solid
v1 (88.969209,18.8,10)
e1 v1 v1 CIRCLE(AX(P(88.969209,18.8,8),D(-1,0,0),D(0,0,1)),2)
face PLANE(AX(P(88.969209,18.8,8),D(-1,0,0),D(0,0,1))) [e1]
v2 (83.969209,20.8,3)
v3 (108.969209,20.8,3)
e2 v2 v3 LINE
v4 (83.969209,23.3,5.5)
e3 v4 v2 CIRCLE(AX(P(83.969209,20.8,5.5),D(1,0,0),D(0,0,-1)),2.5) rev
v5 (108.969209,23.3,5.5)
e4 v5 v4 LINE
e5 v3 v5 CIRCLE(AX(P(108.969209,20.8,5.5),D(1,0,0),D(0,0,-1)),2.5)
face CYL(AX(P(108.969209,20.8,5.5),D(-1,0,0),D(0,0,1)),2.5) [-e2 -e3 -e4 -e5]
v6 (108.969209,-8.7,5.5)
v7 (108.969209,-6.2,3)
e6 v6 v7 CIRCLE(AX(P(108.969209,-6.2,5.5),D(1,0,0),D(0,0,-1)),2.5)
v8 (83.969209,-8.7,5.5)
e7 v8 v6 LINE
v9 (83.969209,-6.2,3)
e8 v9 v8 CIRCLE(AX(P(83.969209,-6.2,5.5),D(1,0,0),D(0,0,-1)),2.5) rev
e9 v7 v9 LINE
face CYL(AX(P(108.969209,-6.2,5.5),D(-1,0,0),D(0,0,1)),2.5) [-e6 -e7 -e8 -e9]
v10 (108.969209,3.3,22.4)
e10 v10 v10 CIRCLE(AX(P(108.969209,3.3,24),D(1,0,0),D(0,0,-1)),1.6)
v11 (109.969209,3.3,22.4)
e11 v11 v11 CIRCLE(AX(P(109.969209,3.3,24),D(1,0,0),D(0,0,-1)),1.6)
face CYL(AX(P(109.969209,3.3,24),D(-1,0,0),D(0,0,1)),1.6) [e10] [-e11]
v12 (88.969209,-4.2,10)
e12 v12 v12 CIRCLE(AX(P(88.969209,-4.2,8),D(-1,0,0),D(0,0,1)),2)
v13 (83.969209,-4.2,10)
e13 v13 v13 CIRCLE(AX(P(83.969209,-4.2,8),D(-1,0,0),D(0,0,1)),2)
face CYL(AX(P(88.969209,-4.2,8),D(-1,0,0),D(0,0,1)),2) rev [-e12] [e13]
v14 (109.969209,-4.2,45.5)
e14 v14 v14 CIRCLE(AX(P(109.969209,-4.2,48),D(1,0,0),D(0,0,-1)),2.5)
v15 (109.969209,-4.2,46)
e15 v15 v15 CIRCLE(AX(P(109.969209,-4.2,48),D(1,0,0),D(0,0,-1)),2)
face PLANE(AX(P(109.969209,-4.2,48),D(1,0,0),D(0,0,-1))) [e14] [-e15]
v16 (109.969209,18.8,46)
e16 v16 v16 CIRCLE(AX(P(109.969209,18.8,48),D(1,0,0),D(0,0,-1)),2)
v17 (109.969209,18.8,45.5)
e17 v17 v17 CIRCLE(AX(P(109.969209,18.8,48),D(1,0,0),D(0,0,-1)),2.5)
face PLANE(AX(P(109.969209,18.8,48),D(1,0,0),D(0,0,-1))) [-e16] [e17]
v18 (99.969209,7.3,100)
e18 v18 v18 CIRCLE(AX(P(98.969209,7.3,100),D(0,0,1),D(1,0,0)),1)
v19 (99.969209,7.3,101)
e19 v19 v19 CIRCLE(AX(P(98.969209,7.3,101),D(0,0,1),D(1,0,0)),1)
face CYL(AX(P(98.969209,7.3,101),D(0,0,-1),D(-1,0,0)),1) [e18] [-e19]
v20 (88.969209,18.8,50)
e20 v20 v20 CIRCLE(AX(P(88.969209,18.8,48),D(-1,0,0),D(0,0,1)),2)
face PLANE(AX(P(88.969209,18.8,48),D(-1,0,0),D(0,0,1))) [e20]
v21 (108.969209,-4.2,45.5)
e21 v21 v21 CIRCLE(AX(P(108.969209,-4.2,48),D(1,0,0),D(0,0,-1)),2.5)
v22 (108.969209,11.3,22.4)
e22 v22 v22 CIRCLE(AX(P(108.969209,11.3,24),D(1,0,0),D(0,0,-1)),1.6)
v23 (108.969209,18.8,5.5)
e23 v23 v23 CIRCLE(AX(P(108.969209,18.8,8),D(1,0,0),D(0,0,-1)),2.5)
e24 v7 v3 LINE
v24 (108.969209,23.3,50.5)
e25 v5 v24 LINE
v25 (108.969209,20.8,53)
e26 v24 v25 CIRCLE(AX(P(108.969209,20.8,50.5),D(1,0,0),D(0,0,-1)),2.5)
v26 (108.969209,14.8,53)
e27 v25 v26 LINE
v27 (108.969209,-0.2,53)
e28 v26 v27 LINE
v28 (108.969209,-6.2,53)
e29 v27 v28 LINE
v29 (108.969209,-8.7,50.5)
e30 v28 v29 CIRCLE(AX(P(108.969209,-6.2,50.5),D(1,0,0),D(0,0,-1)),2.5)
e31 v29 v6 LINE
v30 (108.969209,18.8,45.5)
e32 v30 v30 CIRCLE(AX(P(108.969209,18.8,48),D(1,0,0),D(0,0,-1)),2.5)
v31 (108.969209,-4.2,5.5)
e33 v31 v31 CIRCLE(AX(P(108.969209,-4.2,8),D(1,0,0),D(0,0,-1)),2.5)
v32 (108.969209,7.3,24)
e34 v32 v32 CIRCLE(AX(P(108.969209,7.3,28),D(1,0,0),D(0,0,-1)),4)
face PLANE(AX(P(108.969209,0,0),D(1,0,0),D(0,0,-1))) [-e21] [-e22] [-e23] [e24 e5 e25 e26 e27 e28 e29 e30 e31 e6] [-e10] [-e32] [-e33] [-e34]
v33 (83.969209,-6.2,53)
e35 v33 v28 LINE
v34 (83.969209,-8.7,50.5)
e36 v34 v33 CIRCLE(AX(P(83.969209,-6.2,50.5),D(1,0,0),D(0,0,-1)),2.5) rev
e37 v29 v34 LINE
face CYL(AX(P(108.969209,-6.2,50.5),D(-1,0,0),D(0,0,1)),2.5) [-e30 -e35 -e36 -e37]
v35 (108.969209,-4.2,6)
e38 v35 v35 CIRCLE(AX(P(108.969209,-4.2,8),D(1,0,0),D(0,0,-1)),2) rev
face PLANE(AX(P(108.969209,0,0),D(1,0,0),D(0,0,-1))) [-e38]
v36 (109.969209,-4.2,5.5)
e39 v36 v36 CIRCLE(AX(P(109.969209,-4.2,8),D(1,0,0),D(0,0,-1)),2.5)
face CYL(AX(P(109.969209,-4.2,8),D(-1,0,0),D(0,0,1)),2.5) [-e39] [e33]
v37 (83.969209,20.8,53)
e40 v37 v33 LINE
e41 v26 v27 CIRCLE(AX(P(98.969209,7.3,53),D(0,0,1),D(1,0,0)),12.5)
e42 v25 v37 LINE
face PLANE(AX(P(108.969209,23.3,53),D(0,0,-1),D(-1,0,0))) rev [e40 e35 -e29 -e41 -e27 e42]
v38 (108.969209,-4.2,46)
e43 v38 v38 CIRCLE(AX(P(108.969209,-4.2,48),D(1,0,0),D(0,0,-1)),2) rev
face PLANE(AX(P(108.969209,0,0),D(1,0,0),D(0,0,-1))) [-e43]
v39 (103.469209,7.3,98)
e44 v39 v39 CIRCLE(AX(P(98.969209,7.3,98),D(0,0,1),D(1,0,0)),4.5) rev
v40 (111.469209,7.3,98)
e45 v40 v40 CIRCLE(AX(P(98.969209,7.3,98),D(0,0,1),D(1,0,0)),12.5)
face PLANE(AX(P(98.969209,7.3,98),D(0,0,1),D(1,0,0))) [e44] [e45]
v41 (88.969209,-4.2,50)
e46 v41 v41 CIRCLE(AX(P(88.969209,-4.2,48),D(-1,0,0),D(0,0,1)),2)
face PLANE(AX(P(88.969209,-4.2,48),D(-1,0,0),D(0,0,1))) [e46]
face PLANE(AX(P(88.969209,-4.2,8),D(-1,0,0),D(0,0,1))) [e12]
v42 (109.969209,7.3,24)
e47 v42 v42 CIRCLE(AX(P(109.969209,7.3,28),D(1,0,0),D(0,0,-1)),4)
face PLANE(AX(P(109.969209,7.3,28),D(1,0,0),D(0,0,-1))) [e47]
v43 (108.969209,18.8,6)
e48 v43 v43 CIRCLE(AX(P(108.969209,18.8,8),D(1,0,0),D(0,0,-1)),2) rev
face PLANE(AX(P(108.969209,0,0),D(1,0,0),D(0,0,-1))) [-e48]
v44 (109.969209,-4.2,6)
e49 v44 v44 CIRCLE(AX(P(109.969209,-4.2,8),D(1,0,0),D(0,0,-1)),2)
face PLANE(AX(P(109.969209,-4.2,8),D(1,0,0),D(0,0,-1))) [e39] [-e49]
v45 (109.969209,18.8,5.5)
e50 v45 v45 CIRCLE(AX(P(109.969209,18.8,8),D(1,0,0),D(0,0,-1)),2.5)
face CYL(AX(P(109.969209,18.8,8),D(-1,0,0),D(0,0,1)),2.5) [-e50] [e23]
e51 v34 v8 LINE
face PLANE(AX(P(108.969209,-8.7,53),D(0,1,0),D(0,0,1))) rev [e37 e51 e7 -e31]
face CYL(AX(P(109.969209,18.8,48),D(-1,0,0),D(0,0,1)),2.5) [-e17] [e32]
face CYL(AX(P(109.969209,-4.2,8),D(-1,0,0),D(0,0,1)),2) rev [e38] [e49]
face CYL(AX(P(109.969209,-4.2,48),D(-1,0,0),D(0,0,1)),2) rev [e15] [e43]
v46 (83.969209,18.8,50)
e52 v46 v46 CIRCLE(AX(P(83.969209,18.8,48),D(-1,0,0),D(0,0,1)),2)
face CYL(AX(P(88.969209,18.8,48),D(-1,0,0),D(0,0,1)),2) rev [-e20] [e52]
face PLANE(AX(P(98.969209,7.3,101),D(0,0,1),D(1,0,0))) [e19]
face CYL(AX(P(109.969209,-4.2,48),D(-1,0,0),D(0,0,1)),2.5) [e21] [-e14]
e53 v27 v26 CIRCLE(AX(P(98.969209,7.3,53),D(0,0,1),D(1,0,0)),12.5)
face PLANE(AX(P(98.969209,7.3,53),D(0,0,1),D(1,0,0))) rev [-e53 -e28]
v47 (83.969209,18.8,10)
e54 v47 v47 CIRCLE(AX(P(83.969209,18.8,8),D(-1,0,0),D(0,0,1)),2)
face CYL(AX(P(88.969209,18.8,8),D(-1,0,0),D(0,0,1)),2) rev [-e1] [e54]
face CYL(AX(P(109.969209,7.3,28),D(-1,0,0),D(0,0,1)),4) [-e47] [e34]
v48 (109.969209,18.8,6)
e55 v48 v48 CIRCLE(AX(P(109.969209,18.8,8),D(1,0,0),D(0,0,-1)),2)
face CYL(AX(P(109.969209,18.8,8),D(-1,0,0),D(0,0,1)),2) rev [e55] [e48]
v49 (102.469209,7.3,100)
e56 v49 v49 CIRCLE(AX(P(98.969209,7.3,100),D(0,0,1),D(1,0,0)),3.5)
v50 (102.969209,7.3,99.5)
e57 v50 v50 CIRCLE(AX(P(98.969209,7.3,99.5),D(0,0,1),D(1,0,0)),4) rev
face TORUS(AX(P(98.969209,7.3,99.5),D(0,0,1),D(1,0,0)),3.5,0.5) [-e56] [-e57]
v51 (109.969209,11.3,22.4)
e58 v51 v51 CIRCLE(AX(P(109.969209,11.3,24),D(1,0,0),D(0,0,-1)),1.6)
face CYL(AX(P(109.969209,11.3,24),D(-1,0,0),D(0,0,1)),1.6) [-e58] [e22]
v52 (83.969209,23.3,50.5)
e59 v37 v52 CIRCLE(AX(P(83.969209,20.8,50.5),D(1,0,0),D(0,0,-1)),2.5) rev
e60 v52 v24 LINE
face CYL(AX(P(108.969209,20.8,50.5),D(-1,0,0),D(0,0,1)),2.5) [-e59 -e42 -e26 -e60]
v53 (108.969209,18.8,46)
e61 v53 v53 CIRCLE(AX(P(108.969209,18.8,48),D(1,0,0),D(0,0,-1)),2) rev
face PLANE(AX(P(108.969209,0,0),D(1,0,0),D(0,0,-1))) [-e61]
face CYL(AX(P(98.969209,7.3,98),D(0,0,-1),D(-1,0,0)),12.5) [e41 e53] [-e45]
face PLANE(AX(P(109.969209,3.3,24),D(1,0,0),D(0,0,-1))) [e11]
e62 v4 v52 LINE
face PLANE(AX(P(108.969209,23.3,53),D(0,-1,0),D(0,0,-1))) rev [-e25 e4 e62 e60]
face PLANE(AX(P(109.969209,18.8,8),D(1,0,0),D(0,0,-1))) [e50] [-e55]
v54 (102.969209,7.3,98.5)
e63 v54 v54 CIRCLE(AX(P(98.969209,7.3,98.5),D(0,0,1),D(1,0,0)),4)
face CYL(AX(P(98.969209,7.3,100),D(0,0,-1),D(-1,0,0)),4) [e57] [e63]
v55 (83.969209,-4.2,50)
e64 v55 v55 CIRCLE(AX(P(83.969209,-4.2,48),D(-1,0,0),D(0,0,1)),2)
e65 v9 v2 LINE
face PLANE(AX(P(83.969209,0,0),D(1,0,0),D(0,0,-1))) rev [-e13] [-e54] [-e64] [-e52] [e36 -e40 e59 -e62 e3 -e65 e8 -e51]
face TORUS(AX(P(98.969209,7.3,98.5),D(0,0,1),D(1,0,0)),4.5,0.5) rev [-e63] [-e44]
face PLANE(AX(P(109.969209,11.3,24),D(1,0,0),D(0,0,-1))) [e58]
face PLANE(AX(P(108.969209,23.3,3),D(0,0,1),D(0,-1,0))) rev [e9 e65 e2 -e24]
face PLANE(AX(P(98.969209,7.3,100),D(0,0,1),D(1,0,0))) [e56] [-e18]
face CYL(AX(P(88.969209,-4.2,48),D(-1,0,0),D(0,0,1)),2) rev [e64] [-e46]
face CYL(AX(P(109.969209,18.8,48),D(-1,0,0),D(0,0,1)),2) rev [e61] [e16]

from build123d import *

# Parameters (mm, degrees)
SKETCH4_W           = 50
SKETCH4_H           = 32
BOSS_EXTRUDE1_DEPTH = 25
SKETCH5_R           = 2
CUT_EXTRUDE1_DEPTH  = 5
SKETCH2_R           = 2.5
SKETCH2_R_2         = 2
BOSS_EXTRUDE2_DEPTH = 1
SKETCH7_R           = 4
SKETCH7_R_2         = 1.6
BOSS_EXTRUDE3_DEPTH = 1
FILLET1_R           = 2.5
SKETCH8_R           = 12.5
BOSS_EXTRUDE4_DEPTH = 45
SKETCH10_R          = 4
BOSS_EXTRUDE5_DEPTH = 2
SKETCH11_R          = 1
BOSS_EXTRUDE6_DEPTH = 1
FILLET2_R           = 0.5


with BuildPart() as part:
    # Sketch4 → Boss-Extrude1 (new body)
    with BuildSketch(Plane(origin=(83.969208633, 0, 0), x_dir=(0, 0, -1), z_dir=(1, 0, 0))):
        with Locations((-28, 7.3)):
            Rectangle(SKETCH4_W, SKETCH4_H)
    extrude(amount=BOSS_EXTRUDE1_DEPTH)

    # Sketch5 → Cut-Extrude1 (cut)
    with BuildSketch(Plane.ZY.offset(-83.969208633)):
        with Locations((8, 18.8)):
            Circle(SKETCH5_R)
        with Locations((48, 18.8)):
            Circle(SKETCH5_R)
        with Locations((48, -4.2)):
            Circle(SKETCH5_R)
        with Locations((8, -4.2)):
            Circle(SKETCH5_R)
    extrude(amount=-CUT_EXTRUDE1_DEPTH, mode=Mode.SUBTRACT)

    # Sketch2 → Boss-Extrude2 (add)
    with BuildSketch(Plane(origin=(108.969208633, 0, 0), x_dir=(0, 0, -1), z_dir=(1, 0, 0))):
        with Locations((-48, 18.8)):
            Circle(SKETCH2_R)
        with Locations((-48, 18.8)):
            Circle(SKETCH2_R_2, mode=Mode.SUBTRACT)
        with Locations((-8, 18.8)):
            Circle(SKETCH2_R)
        with Locations((-8, 18.8)):
            Circle(SKETCH2_R_2, mode=Mode.SUBTRACT)
        with Locations((-8, -4.2)):
            Circle(SKETCH2_R)
        with Locations((-8, -4.2)):
            Circle(SKETCH2_R_2, mode=Mode.SUBTRACT)
        with Locations((-48, -4.2)):
            Circle(SKETCH2_R)
        with Locations((-48, -4.2)):
            Circle(SKETCH2_R_2, mode=Mode.SUBTRACT)
    extrude(amount=BOSS_EXTRUDE2_DEPTH)

    # Sketch7 → Boss-Extrude3 (add)
    with BuildSketch(Plane(origin=(108.969208633, 0, 0), x_dir=(0, 0, -1), z_dir=(1, 0, 0))):
        with Locations((-28, 7.3)):
            Circle(SKETCH7_R)
        with Locations((-24, 11.3)):
            Circle(SKETCH7_R_2)
        with Locations((-24, 3.3)):
            Circle(SKETCH7_R_2)
    extrude(amount=BOSS_EXTRUDE3_DEPTH)

    # Fillet1
    fillet1_edges = [part.edges().sort_by_distance(p)[0] for p in [
        (96.469208633, 23.3, 53),
        (96.469208633, 23.3, 3),
        (96.469208633, -8.7, 3),
        (96.469208633, -8.7, 53),
    ]]
    fillet(fillet1_edges, radius=FILLET1_R)

    # Sketch8 → Boss-Extrude4 (add)
    with BuildSketch(Plane.XY.offset(53)):
        with Locations((98.969208633, 7.3)):
            Circle(SKETCH8_R)
    extrude(amount=BOSS_EXTRUDE4_DEPTH)

    # Sketch10 → Boss-Extrude5 (add)
    with BuildSketch(Plane.XY.offset(98)):
        with Locations((98.969208633, 7.3)):
            Circle(SKETCH10_R)
    extrude(amount=BOSS_EXTRUDE5_DEPTH)

    # Sketch11 → Boss-Extrude6 (add)
    with BuildSketch(Plane.XY.offset(100)):
        with Locations((98.969208633, 7.3)):
            Circle(SKETCH11_R)
    extrude(amount=BOSS_EXTRUDE6_DEPTH)

    # Fillet2
    fillet2_edges = [part.edges().sort_by_distance(p)[0] for p in [
        (94.969208633, 7.3, 98),
        (94.969208633, 7.3, 100),
    ]]
    fillet(fillet2_edges, radius=FILLET2_R)


solid = part.part
